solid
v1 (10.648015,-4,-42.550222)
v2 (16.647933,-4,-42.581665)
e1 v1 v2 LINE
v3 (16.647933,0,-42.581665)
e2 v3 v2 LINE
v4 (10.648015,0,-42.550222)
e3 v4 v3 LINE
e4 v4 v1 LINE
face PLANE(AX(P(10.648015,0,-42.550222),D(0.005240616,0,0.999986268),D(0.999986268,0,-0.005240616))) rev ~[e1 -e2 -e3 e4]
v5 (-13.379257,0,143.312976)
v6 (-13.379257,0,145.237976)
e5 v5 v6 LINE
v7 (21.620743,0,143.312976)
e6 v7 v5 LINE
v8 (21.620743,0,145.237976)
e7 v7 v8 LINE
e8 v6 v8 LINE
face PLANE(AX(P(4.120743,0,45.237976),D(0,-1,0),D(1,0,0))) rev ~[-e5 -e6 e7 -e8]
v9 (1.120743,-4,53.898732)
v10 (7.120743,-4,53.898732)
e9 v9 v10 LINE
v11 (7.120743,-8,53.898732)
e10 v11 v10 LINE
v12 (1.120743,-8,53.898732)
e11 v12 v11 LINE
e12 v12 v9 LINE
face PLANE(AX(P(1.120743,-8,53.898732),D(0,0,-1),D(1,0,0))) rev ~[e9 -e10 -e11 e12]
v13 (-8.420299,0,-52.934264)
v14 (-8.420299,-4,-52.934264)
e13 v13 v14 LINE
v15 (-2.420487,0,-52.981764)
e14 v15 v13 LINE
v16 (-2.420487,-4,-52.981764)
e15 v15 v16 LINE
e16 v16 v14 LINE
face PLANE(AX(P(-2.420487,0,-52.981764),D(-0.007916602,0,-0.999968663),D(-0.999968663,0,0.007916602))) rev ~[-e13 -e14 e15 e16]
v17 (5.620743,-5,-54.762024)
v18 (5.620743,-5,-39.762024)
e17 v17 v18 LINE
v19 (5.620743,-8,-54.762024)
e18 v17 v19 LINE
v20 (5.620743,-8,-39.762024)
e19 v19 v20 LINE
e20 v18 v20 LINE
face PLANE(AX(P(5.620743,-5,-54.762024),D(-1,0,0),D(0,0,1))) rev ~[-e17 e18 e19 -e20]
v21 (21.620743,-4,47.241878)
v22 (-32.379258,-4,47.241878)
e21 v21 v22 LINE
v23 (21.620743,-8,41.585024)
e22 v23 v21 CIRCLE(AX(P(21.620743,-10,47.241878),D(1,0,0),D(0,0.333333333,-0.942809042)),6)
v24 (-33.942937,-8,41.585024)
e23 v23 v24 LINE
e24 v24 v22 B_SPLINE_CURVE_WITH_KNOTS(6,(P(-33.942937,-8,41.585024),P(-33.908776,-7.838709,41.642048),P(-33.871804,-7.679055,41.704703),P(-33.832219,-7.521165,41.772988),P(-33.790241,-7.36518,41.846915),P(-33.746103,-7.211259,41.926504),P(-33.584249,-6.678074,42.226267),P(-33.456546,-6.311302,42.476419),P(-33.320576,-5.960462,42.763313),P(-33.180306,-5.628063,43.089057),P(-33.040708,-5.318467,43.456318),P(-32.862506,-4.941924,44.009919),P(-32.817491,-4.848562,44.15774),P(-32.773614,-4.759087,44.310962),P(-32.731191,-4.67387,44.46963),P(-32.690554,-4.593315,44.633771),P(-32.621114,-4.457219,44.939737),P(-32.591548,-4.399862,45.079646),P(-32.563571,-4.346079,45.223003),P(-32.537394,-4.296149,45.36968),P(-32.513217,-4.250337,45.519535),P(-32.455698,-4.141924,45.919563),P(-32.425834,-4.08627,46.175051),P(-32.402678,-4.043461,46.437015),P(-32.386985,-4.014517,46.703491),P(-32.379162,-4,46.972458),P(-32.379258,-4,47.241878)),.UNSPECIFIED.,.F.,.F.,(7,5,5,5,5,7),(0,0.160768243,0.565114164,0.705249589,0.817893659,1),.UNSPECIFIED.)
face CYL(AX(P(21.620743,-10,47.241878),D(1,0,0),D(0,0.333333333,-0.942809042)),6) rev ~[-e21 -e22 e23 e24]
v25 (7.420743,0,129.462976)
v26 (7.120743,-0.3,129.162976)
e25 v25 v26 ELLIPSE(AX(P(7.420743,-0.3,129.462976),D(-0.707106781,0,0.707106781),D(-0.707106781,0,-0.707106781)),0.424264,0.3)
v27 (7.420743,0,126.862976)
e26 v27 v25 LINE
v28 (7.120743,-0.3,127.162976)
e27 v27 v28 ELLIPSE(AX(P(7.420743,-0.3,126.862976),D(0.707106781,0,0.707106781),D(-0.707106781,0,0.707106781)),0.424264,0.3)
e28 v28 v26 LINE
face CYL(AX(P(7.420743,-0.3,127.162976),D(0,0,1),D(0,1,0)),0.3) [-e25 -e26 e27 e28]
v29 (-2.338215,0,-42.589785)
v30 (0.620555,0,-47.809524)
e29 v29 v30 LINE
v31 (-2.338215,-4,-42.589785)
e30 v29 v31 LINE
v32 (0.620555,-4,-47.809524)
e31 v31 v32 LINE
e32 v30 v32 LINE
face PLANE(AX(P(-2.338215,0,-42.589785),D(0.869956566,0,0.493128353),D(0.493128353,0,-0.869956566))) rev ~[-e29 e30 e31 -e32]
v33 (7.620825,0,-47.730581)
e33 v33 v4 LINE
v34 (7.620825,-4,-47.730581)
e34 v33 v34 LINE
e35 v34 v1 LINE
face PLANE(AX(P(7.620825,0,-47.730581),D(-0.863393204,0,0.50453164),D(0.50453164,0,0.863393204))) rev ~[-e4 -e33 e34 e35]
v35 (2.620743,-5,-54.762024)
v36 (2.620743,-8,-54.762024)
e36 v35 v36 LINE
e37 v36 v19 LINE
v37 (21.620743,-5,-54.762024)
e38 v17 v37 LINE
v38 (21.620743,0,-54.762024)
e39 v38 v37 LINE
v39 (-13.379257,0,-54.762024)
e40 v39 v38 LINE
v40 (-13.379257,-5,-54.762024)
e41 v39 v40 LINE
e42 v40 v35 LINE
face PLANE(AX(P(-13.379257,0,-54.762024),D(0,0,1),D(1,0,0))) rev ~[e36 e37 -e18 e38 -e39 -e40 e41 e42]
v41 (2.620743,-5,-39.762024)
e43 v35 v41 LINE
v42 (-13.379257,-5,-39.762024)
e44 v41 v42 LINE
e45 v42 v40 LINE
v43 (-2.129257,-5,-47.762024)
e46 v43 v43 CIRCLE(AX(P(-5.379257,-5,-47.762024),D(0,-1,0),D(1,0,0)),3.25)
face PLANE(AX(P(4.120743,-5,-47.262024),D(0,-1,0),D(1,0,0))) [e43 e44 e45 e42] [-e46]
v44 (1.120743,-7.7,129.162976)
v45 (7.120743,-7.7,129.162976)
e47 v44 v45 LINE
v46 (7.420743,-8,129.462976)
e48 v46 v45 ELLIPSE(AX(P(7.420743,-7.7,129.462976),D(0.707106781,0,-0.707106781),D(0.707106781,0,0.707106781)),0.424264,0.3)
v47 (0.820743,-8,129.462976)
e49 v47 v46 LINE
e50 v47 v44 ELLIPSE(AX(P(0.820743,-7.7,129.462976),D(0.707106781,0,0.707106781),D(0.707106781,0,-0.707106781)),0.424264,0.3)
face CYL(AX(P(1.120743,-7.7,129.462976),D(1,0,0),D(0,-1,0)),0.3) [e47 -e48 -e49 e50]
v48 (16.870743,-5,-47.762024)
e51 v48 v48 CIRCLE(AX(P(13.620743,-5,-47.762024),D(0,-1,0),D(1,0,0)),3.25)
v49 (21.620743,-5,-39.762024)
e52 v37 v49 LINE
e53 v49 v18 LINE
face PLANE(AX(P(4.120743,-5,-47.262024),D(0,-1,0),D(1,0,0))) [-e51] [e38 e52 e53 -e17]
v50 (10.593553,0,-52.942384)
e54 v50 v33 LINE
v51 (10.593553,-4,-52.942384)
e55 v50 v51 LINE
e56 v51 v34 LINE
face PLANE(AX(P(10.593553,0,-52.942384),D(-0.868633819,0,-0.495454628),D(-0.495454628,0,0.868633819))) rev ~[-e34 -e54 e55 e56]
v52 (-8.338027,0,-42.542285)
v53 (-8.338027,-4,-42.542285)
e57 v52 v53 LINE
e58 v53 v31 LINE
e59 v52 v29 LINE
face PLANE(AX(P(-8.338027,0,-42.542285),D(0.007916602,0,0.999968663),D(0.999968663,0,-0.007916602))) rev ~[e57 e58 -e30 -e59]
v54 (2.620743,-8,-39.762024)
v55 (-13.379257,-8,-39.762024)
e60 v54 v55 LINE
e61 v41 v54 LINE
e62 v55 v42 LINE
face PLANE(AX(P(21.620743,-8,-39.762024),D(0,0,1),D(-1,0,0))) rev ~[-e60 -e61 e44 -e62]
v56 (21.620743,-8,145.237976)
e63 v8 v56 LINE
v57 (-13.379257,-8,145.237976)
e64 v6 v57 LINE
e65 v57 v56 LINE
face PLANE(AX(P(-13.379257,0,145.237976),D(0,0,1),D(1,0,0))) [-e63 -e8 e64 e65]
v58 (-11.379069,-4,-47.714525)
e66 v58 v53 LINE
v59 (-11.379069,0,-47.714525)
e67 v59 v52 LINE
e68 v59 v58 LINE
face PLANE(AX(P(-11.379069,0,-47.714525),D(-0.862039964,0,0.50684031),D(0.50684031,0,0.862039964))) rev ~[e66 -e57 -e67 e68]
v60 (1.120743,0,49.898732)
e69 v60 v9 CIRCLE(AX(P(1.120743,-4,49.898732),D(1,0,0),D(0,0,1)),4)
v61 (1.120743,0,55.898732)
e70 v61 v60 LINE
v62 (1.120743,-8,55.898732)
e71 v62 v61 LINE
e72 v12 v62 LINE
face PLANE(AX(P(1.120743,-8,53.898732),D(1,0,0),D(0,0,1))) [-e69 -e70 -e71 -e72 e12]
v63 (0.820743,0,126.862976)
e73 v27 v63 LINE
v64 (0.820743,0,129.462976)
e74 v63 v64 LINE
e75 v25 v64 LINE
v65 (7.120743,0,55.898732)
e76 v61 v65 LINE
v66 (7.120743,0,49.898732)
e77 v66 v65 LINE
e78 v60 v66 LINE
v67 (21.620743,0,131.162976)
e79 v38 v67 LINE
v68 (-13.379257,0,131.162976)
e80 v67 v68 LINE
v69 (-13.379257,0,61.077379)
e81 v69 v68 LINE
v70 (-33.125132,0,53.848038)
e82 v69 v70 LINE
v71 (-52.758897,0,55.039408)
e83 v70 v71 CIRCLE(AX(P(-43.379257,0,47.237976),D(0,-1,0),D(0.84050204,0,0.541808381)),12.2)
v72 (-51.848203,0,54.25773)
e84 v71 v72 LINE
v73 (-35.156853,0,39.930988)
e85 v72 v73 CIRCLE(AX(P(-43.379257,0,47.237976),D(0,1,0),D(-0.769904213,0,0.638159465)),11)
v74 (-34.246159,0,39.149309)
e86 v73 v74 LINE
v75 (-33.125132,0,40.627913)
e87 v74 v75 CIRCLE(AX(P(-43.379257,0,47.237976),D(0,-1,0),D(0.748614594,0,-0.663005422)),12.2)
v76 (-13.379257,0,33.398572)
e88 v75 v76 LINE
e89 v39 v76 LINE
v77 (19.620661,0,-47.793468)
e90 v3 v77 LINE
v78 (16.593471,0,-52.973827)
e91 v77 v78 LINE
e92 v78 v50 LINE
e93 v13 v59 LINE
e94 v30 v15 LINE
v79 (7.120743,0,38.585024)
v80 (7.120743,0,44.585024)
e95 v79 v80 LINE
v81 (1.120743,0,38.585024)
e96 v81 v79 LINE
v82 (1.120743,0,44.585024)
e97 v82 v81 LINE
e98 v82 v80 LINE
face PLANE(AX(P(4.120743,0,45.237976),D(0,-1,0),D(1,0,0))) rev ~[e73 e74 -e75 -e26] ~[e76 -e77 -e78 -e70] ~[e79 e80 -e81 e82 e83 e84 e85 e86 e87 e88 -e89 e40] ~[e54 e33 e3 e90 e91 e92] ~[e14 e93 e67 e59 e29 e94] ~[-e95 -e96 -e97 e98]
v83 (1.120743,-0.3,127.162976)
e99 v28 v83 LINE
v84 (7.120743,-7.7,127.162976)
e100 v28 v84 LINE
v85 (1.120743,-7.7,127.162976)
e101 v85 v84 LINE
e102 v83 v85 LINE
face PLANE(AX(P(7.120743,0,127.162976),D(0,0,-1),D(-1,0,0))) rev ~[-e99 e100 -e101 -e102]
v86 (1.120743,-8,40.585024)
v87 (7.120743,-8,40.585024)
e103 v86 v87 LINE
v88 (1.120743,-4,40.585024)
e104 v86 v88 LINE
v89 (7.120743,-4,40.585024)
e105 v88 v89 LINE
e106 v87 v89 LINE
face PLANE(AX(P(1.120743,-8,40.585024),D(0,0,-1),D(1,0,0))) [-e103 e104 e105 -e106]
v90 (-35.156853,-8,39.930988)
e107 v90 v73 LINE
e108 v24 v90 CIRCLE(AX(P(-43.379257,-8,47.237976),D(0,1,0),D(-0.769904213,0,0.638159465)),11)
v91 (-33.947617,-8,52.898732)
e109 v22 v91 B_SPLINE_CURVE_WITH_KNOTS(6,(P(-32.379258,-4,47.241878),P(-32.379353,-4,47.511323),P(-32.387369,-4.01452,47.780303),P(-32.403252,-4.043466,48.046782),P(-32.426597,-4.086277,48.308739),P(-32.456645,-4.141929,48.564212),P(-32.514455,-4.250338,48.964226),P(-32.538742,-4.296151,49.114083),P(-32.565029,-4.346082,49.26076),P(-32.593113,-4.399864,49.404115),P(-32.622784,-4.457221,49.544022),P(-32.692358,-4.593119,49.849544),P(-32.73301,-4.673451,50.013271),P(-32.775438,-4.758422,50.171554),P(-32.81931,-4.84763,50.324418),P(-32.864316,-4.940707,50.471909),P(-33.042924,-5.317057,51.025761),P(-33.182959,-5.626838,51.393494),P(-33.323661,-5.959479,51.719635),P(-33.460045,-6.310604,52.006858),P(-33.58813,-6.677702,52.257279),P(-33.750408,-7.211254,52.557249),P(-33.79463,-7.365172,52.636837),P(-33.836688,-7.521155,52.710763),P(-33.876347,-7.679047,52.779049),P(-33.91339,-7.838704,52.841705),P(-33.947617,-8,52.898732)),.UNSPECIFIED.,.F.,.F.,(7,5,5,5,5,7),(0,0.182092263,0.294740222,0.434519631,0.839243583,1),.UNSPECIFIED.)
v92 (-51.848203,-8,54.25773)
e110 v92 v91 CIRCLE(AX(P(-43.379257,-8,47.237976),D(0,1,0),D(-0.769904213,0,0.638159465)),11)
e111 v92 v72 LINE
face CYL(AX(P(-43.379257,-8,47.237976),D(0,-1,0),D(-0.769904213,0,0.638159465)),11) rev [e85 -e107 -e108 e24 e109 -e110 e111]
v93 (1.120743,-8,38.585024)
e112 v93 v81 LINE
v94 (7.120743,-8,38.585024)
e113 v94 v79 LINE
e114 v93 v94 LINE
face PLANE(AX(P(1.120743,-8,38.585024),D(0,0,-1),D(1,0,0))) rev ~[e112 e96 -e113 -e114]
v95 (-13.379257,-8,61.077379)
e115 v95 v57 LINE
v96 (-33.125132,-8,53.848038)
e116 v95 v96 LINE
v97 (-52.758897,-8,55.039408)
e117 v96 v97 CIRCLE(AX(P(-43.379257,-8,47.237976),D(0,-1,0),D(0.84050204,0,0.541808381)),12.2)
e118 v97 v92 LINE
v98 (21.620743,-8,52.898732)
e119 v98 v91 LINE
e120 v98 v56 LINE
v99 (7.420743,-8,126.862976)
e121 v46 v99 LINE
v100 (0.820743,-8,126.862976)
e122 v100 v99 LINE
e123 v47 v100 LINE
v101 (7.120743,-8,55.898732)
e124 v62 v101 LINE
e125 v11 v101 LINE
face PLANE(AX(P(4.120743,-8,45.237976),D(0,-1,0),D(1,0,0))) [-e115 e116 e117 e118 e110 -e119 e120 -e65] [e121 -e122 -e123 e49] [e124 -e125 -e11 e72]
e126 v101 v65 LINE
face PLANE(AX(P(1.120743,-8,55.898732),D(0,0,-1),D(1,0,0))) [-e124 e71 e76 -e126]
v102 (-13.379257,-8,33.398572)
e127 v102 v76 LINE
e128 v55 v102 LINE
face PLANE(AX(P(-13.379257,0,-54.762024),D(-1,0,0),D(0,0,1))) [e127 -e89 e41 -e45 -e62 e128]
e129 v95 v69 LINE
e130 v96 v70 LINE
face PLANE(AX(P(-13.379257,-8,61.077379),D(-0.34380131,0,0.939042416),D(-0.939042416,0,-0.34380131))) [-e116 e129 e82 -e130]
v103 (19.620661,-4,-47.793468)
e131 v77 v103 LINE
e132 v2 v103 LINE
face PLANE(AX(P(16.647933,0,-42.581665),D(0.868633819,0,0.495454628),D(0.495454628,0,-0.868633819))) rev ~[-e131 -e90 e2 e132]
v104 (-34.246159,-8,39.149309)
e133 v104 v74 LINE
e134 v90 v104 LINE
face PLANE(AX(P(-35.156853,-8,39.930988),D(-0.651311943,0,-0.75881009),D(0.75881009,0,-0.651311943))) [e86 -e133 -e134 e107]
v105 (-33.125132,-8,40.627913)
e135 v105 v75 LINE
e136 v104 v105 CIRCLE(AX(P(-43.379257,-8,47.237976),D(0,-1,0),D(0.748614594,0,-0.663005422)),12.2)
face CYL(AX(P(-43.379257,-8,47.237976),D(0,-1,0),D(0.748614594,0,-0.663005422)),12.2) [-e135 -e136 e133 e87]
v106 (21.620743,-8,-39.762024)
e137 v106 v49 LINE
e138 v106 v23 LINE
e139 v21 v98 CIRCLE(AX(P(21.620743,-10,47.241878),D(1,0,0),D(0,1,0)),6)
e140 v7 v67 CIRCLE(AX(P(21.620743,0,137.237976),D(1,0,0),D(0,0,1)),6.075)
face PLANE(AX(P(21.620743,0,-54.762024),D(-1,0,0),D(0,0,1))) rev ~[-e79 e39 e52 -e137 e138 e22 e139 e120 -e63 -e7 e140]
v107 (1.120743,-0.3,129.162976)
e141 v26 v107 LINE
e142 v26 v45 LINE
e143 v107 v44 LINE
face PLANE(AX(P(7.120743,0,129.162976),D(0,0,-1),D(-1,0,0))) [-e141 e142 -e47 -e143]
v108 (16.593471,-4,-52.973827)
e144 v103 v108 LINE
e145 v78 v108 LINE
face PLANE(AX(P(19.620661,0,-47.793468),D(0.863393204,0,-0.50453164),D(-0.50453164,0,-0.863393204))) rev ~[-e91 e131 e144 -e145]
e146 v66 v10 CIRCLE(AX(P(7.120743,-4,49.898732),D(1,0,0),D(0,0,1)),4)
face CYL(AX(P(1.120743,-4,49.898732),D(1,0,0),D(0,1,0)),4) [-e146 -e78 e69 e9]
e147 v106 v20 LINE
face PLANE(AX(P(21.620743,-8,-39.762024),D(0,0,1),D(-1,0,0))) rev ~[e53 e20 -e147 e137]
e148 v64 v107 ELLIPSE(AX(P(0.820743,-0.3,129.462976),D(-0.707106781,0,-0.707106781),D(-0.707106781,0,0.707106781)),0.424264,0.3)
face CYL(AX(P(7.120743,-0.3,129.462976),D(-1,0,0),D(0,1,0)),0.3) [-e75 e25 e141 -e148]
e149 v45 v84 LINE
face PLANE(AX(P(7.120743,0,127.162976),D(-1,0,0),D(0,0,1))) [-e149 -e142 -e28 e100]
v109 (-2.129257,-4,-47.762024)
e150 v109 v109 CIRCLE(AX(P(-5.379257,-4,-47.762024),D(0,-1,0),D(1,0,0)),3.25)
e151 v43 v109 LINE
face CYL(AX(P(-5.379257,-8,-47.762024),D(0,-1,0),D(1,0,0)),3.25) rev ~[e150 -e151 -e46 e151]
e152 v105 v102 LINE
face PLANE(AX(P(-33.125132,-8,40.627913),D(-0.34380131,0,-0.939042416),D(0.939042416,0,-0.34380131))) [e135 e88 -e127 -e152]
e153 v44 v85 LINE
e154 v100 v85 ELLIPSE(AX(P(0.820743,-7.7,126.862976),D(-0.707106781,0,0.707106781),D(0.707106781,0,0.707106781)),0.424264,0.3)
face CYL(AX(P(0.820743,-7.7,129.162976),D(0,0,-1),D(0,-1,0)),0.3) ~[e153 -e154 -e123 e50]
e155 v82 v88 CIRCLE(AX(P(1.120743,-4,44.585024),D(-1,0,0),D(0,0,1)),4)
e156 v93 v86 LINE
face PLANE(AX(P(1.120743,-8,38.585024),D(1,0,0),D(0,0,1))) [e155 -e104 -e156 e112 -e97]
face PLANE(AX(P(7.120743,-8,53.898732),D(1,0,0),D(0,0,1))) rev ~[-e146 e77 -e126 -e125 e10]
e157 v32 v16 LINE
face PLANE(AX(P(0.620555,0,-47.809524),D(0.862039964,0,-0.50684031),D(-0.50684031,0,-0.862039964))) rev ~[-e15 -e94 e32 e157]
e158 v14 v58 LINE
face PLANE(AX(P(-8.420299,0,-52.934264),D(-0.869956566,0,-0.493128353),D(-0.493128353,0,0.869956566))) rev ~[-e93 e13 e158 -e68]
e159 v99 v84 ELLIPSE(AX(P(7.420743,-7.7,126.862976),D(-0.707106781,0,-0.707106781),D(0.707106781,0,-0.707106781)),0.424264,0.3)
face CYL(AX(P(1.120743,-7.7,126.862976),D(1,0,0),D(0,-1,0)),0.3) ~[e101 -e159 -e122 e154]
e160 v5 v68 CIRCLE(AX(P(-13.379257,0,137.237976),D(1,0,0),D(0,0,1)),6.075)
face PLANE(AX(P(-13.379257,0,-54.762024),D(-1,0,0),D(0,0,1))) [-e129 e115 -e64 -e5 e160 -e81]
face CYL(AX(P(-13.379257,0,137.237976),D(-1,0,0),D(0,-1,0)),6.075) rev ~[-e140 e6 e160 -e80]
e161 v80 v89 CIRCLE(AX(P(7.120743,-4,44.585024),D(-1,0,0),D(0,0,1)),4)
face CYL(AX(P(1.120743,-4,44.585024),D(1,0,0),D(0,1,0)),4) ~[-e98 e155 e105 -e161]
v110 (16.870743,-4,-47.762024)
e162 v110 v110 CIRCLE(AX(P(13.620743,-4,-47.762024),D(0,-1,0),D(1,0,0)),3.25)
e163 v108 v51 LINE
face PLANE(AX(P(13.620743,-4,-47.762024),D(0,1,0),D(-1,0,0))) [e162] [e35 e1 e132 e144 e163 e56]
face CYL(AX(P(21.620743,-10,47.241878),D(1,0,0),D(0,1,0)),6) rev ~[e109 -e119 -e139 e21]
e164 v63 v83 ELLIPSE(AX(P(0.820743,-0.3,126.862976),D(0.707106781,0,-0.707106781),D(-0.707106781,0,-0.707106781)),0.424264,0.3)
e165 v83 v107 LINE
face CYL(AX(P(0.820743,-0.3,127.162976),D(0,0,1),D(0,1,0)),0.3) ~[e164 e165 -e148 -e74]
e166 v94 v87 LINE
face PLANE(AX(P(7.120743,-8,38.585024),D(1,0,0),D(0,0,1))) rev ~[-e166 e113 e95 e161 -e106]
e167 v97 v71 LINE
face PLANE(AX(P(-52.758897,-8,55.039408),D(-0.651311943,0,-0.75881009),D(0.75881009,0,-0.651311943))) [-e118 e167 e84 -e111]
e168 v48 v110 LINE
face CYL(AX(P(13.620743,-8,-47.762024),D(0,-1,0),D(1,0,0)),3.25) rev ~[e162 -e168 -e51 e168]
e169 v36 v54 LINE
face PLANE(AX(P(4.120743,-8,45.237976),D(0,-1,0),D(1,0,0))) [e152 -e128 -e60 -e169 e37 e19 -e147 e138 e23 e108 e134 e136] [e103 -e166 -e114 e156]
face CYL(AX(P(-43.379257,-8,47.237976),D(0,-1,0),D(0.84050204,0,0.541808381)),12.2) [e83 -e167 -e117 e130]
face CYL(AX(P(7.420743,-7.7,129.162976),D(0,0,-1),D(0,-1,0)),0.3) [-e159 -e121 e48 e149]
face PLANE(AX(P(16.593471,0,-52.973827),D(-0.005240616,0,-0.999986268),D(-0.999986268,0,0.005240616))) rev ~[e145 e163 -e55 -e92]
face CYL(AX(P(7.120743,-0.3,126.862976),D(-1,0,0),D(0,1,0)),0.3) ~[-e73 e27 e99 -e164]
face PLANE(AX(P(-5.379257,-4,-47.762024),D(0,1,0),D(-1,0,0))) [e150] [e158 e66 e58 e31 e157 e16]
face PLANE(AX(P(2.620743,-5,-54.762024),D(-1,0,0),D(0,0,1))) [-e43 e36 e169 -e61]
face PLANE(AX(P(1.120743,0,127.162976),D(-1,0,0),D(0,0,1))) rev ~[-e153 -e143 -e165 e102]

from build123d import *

# Parameters (mm, degrees)
F0_W      = 35
F0_H      = 200
F1_DEPTH  = 8
F2_R      = 6.075
F3_DEPTH  = 45
F4_W      = 6
F4_H      = 2
F6_DEPTH  = 25
F7_R      = 0.3
F8_R      = 3.25
F9_DEPTH  = 25
F10_R     = 3.25
F11_DEPTH = 4
F12_R     = 3.25
F13_DEPTH = 3
F14_W     = 3
F14_H     = 15
F15_DEPTH = 3
F18_DEPTH = 8
F20_DEPTH = 65
F21_W     = 6
F21_H     = 2
F22_DEPTH = 25
F23_R     = 4


with BuildPart() as f1:
    # F0 (on Front) → F1 (new body)
    with BuildSketch(Plane.XZ):
        with Locations((4.1207429767, 45.2379755676)):
            Rectangle(F0_W, F0_H)
    extrude(amount=F1_DEPTH)

    # F2 (on face) → F3 (cut)
    with BuildSketch(Plane(origin=(-13.3792570233, 0, 0), x_dir=(0, -1, 0), z_dir=(-1, 0, 0))):
        with Locations((0, 137.2379755676)):
            Circle(F2_R)
    extrude(amount=-F3_DEPTH, mode=Mode.SUBTRACT)

    # F4 (on face) → F6 (cut)
    with BuildSketch(Plane(origin=(0, 0, 0), x_dir=(-1, 0, 0), z_dir=(0, 1, 0))):
        with Locations((-4.1207429767, 128.1629755676)):
            Rectangle(F4_W, F4_H)
    extrude(amount=-F6_DEPTH, mode=Mode.SUBTRACT)

    # F7
    f7_edges = [f1.edges().sort_by_distance(p)[0] for p in [
        (4.120743, -8, 129.162976),
        (4.120743, -8, 127.162976),
        (7.120743, -8, 128.162976),
        (1.120743, -8, 128.162976),
        (4.120743, 0, 129.162976),
        (7.120743, 0, 128.162976),
        (4.120743, 0, 127.162976),
        (1.120743, 0, 128.162976),
    ]]
    fillet(f7_edges, radius=F7_R)

    # F8 (on face) → F9 (cut)
    with BuildSketch(Plane.XZ.offset(8)):
        with Locations((-5.3792570233, -47.7620244324)):
            Circle(F8_R)
        with Locations((13.6207429767, -47.7620244324)):
            Circle(F8_R)
    extrude(amount=-F9_DEPTH, mode=Mode.SUBTRACT)

    # F10 (on face) → F11 (cut)
    with BuildSketch(Plane(origin=(0, 0, 0), x_dir=(-1, 0, 0), z_dir=(0, 1, 0))):
        Polygon((-10.593553136, -52.9423836544), (-7.6208253694, -47.7305807393), (-10.64801521, -42.5502215174), (-16.6479328173, -42.5816652105), (-19.6206605839, -47.7934681255), (-16.5934707433, -52.9738273475), align=None)
        with Locations((-13.6207429767, -47.7620244324)):
            Circle(F10_R, mode=Mode.SUBTRACT)
        Polygon((8.4202988823, -52.9342642192), (11.3790690026, -47.7145248219), (8.3380271436, -42.5422850352), (2.3382151643, -42.5897846457), (-0.620554956, -47.8095240429), (2.420486903, -52.9817638297), align=None)
        with Locations((5.3792570233, -47.7620244324)):
            Circle(F10_R, mode=Mode.SUBTRACT)
    extrude(amount=-F11_DEPTH, mode=Mode.SUBTRACT)

    # F12 (on face) → F13 (cut)
    with BuildSketch(Plane.XZ.offset(8)):
        Polygon((-13.3792570233, -40.5933335423), (-13.3792570233, -54.7620244324), (21.6207429767, -54.7620244324), (21.6207429767, -40.5933335423), (21.6207429767, -39.7620244324), (-13.3792570233, -39.7620244324), align=None)
        with Locations((-5.3792570233, -47.7620244324)):
            Circle(F12_R, mode=Mode.SUBTRACT)
        with Locations((13.6207429767, -47.7620244324)):
            Circle(F12_R, mode=Mode.SUBTRACT)
        Polygon((-13.3792570233, -40.5933335423), (-13.3792570233, -54.7620244324), (21.6207429767, -54.7620244324), (21.6207429767, -40.5933335423), (21.6207429767, -39.7620244324), (-13.3792570233, -39.7620244324), align=None)
    extrude(amount=-F13_DEPTH, mode=Mode.SUBTRACT)

    # F14 (on face) → F15 (join)
    with BuildSketch(Plane.XZ.offset(5)):
        with Locations((4.1207429767, -47.2620244324)):
            Rectangle(F14_W, F14_H)
    extrude(amount=F15_DEPTH)

    # F16 (on face) → F18 (join)
    with BuildSketch(Plane.XZ.offset(8)):
        with BuildLine():
            Line((-35.1568526326, 39.9309880875), (-34.2461589726, 39.1493094232))
            ThreePointArc((-34.2461589726, 39.1493094232), (-33.657494289, 39.8672680482), (-33.1251321385, 40.6279133253))
            Line((-33.1251321385, 40.6279133253), (-13.3792570233, 33.3985724449))
            Line((-13.3792570233, 33.3985724449), (-13.3792570233, 61.0773786902))
            Line((-13.3792570233, 61.0773786902), (-33.1251321385, 53.8480378099))
            ThreePointArc((-33.1251321385, 53.8480378099), (-42.6403240796, 59.4155770599), (-52.7588970229, 55.0394083513))
            Line((-52.7588970229, 55.0394083513), (-51.8482033629, 54.257729687))
            ThreePointArc((-51.8482033629, 54.257729687), (-36.2148256468, 55.5848865562), (-35.1568526326, 39.9309880875))
        make_face()
    extrude(amount=-F18_DEPTH)

    # F19 (on face) → F20 (cut)
    with BuildSketch(Plane.YZ.offset(21.6207429767)):
        with BuildLine():
            ThreePointArc((-8, 41.585023515), (-5.1010205144, 43.7777761493), (-4, 47.2418777645))
            ThreePointArc((-4, 47.2418777645), (-5.1010205144, 50.7059793796), (-8, 52.898732014))
            Line((-8, 52.898732014), (-8, 41.585023515))
        make_face()
    extrude(amount=-F20_DEPTH, mode=Mode.SUBTRACT)

    # F21 (on face) → F22 (cut)
    with BuildSketch(Plane.XZ.offset(8)):
        with Locations((4.1207429767, 39.585023515)):
            Rectangle(F21_W, F21_H)
        with Locations((4.1207429767, 54.898732014)):
            Rectangle(F21_W, F21_H)
    extrude(amount=-F22_DEPTH, mode=Mode.SUBTRACT)

    # F23
    f23_edges = [f1.edges().sort_by_distance(p)[0] for p in [
        (4.120743, 0, 40.585024),
        (4.120743, 0, 53.898732),
    ]]
    fillet(f23_edges, radius=F23_R)


solid = f1.part
